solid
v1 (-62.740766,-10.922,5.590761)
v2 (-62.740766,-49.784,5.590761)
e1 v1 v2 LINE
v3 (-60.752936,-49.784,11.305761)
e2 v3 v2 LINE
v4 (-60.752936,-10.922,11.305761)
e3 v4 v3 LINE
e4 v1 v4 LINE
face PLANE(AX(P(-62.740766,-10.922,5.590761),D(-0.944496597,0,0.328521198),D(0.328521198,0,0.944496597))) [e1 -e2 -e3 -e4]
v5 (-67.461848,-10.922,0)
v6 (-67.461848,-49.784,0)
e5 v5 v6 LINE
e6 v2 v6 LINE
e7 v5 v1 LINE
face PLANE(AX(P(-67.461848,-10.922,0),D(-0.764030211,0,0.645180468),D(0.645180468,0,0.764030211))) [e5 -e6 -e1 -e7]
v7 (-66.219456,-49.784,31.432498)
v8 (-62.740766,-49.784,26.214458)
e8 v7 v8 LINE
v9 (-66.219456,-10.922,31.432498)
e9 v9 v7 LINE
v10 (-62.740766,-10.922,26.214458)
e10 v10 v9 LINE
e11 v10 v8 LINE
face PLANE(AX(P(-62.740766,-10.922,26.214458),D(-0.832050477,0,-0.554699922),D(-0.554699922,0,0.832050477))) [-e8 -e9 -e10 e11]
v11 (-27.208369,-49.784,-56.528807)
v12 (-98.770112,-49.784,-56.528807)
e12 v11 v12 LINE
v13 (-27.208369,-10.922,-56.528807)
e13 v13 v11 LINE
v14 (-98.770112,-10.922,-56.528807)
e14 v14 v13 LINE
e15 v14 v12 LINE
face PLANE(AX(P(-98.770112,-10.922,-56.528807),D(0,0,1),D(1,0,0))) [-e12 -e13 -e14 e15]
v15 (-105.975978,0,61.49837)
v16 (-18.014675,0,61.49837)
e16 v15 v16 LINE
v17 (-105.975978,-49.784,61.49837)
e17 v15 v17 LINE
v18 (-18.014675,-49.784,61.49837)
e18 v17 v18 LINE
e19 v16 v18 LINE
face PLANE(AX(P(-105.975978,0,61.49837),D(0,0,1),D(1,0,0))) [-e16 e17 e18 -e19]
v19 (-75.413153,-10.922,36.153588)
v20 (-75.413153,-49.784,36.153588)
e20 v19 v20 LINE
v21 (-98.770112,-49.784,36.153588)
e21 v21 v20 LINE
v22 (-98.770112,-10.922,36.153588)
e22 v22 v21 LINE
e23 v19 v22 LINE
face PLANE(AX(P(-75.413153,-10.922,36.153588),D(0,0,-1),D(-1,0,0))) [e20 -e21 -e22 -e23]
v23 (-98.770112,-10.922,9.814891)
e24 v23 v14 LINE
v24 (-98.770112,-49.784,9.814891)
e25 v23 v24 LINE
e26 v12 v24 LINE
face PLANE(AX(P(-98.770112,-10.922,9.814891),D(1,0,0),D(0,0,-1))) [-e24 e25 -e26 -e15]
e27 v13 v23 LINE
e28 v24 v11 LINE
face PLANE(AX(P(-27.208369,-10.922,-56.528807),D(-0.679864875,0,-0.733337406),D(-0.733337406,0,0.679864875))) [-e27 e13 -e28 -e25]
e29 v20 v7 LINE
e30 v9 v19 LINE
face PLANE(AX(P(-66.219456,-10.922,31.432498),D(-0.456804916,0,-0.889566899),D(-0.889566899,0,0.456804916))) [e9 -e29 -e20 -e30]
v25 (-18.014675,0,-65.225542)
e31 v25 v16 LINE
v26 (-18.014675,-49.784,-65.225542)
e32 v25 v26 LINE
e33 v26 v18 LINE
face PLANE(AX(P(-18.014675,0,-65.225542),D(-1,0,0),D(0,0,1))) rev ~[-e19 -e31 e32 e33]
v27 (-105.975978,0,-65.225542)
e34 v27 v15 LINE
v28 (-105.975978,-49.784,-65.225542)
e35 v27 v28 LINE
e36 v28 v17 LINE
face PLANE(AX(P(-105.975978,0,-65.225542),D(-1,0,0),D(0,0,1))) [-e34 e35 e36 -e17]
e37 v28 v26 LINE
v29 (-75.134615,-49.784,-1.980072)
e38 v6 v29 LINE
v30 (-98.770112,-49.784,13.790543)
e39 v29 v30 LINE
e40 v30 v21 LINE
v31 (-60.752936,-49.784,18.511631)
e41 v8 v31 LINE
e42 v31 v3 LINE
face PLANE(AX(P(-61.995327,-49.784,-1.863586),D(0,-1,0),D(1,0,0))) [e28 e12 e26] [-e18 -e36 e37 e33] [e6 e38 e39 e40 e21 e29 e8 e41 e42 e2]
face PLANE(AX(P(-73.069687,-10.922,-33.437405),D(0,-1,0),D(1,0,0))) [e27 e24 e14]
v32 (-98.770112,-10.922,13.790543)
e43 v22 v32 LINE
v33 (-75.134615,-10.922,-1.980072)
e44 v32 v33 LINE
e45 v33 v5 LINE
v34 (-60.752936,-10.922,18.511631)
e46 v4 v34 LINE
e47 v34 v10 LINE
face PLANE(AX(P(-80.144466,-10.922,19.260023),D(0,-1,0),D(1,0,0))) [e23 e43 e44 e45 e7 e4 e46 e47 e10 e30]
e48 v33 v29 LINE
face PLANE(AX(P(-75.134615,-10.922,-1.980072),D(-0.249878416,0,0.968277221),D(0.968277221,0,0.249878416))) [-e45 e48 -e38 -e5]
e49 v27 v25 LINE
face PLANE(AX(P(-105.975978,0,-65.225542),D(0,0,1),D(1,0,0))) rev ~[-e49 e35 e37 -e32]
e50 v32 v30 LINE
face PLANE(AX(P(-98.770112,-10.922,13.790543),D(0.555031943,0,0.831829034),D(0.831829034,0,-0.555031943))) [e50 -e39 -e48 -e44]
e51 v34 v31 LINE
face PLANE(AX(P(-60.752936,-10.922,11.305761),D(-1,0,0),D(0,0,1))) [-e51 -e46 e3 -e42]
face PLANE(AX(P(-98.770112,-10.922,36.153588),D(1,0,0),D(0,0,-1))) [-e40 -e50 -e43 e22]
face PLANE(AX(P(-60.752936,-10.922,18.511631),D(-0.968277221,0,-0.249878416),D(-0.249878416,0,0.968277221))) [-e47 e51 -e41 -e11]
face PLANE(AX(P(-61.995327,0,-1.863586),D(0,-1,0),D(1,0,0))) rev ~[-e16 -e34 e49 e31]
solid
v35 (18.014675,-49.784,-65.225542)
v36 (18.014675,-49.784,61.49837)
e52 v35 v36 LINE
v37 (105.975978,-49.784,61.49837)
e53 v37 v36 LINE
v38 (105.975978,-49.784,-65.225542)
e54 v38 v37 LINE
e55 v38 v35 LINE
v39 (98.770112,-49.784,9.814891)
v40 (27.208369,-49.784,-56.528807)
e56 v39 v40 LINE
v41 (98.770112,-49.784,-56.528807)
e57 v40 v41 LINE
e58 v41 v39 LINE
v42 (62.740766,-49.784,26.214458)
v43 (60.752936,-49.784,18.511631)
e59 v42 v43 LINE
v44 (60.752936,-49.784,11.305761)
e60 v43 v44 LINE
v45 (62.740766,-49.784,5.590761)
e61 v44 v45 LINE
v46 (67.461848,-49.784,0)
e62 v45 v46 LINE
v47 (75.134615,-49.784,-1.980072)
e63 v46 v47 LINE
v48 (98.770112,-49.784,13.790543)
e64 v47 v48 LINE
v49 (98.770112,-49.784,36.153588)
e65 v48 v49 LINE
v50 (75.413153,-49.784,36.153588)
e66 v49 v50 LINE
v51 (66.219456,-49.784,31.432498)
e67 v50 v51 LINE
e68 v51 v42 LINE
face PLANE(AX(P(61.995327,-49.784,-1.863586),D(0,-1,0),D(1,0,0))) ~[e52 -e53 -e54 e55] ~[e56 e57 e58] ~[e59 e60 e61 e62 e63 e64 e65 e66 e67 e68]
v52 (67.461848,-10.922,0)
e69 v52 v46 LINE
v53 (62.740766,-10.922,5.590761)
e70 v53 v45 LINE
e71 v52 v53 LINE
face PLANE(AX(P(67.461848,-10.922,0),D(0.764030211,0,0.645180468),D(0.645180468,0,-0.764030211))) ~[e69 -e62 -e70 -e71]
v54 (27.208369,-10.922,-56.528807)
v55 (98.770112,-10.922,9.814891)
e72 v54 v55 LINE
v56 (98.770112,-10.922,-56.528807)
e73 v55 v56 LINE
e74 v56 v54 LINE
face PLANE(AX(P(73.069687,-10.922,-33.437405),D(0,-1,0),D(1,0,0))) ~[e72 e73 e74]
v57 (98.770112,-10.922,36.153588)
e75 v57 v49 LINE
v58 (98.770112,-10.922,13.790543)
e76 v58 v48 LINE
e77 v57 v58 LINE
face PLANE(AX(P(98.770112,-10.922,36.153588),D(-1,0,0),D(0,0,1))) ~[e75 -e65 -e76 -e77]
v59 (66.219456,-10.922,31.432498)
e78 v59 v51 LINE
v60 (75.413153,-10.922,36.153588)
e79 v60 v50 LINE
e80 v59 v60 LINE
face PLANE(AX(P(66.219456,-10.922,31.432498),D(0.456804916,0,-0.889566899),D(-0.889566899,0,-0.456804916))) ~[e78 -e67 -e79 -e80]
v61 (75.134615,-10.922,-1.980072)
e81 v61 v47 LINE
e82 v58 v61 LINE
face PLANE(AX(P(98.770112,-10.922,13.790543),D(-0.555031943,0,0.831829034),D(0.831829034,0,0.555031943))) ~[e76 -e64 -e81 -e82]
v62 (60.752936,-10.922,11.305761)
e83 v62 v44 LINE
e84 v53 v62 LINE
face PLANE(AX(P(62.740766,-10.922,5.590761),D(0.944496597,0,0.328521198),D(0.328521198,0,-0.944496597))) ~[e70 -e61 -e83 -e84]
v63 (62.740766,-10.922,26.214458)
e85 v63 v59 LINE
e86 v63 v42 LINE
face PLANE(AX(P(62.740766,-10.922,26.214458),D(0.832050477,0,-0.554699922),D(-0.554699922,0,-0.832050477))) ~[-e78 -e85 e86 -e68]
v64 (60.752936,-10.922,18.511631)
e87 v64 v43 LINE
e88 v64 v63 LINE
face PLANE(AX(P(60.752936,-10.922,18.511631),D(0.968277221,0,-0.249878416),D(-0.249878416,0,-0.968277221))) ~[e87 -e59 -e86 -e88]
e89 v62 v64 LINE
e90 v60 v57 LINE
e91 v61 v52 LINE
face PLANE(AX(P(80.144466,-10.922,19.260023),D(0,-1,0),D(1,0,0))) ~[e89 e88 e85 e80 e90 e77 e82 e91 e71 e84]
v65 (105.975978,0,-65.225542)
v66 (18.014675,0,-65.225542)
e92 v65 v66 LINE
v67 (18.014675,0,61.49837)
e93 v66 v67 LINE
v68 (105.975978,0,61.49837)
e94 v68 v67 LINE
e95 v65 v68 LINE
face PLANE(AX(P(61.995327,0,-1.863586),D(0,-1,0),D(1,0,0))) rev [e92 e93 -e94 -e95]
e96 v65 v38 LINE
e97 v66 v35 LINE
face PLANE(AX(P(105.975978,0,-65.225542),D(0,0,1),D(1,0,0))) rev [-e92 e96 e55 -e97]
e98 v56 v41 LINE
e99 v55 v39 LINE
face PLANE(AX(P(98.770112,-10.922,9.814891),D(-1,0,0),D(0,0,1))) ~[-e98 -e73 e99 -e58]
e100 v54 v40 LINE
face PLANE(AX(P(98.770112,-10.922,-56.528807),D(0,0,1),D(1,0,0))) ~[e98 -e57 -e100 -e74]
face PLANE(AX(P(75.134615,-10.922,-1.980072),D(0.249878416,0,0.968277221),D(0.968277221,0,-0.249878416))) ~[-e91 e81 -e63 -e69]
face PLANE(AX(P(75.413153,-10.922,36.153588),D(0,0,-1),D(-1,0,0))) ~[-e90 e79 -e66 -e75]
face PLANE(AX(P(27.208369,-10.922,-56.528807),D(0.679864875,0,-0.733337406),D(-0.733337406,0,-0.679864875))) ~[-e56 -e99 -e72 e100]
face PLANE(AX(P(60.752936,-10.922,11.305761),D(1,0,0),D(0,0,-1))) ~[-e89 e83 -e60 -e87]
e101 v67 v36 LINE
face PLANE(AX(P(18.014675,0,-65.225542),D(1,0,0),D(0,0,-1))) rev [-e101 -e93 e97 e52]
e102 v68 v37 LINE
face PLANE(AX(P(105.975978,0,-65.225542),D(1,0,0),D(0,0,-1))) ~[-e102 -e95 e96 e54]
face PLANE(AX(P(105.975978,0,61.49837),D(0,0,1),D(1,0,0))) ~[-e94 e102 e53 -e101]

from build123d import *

# Parameters (mm, degrees)
F0_W     = 87.9613030702
F0_H     = 126.7239116132
F1_DEPTH = 49.784
F3_START = 10.922
F3_DEPTH = 59.69


with BuildPart() as f1:
    # F0 (on Front) → F1 (new body)
    with BuildSketch(Plane.XZ):
        with Locations((-61.9953265414, -1.863585785)):
            Rectangle(F0_W, F0_H)
    extrude(amount=F1_DEPTH)

    # F2 (on Front) → F3 (cut)
    with BuildSketch(Plane.XZ.offset(F3_START)):
        Polygon((-27.2083692253, -56.5288066864), (-98.7701117992, 9.8148910329), (-98.7701117992, -56.5288066864), align=None)
        Polygon((-98.7701117992, 36.153588444), (-98.7701117992, 13.7905431911), (-75.1346149577, -1.9800721771), (-67.461848259, 0), (-62.740765512, 5.5907610804), (-60.7529357076, 11.3057605922), (-60.7529357076, 18.5116305947), (-62.740765512, 26.2144580483), (-66.2194564939, 31.4324982464), (-75.4131525755, 36.153588444), align=None)
    extrude(amount=F3_DEPTH, mode=Mode.SUBTRACT)


with BuildPart() as f4_1:
    # F4: instance of F1
    add(f1.part.mirror(Plane.YZ))


solid = Compound([f1.part, f4_1.part])
